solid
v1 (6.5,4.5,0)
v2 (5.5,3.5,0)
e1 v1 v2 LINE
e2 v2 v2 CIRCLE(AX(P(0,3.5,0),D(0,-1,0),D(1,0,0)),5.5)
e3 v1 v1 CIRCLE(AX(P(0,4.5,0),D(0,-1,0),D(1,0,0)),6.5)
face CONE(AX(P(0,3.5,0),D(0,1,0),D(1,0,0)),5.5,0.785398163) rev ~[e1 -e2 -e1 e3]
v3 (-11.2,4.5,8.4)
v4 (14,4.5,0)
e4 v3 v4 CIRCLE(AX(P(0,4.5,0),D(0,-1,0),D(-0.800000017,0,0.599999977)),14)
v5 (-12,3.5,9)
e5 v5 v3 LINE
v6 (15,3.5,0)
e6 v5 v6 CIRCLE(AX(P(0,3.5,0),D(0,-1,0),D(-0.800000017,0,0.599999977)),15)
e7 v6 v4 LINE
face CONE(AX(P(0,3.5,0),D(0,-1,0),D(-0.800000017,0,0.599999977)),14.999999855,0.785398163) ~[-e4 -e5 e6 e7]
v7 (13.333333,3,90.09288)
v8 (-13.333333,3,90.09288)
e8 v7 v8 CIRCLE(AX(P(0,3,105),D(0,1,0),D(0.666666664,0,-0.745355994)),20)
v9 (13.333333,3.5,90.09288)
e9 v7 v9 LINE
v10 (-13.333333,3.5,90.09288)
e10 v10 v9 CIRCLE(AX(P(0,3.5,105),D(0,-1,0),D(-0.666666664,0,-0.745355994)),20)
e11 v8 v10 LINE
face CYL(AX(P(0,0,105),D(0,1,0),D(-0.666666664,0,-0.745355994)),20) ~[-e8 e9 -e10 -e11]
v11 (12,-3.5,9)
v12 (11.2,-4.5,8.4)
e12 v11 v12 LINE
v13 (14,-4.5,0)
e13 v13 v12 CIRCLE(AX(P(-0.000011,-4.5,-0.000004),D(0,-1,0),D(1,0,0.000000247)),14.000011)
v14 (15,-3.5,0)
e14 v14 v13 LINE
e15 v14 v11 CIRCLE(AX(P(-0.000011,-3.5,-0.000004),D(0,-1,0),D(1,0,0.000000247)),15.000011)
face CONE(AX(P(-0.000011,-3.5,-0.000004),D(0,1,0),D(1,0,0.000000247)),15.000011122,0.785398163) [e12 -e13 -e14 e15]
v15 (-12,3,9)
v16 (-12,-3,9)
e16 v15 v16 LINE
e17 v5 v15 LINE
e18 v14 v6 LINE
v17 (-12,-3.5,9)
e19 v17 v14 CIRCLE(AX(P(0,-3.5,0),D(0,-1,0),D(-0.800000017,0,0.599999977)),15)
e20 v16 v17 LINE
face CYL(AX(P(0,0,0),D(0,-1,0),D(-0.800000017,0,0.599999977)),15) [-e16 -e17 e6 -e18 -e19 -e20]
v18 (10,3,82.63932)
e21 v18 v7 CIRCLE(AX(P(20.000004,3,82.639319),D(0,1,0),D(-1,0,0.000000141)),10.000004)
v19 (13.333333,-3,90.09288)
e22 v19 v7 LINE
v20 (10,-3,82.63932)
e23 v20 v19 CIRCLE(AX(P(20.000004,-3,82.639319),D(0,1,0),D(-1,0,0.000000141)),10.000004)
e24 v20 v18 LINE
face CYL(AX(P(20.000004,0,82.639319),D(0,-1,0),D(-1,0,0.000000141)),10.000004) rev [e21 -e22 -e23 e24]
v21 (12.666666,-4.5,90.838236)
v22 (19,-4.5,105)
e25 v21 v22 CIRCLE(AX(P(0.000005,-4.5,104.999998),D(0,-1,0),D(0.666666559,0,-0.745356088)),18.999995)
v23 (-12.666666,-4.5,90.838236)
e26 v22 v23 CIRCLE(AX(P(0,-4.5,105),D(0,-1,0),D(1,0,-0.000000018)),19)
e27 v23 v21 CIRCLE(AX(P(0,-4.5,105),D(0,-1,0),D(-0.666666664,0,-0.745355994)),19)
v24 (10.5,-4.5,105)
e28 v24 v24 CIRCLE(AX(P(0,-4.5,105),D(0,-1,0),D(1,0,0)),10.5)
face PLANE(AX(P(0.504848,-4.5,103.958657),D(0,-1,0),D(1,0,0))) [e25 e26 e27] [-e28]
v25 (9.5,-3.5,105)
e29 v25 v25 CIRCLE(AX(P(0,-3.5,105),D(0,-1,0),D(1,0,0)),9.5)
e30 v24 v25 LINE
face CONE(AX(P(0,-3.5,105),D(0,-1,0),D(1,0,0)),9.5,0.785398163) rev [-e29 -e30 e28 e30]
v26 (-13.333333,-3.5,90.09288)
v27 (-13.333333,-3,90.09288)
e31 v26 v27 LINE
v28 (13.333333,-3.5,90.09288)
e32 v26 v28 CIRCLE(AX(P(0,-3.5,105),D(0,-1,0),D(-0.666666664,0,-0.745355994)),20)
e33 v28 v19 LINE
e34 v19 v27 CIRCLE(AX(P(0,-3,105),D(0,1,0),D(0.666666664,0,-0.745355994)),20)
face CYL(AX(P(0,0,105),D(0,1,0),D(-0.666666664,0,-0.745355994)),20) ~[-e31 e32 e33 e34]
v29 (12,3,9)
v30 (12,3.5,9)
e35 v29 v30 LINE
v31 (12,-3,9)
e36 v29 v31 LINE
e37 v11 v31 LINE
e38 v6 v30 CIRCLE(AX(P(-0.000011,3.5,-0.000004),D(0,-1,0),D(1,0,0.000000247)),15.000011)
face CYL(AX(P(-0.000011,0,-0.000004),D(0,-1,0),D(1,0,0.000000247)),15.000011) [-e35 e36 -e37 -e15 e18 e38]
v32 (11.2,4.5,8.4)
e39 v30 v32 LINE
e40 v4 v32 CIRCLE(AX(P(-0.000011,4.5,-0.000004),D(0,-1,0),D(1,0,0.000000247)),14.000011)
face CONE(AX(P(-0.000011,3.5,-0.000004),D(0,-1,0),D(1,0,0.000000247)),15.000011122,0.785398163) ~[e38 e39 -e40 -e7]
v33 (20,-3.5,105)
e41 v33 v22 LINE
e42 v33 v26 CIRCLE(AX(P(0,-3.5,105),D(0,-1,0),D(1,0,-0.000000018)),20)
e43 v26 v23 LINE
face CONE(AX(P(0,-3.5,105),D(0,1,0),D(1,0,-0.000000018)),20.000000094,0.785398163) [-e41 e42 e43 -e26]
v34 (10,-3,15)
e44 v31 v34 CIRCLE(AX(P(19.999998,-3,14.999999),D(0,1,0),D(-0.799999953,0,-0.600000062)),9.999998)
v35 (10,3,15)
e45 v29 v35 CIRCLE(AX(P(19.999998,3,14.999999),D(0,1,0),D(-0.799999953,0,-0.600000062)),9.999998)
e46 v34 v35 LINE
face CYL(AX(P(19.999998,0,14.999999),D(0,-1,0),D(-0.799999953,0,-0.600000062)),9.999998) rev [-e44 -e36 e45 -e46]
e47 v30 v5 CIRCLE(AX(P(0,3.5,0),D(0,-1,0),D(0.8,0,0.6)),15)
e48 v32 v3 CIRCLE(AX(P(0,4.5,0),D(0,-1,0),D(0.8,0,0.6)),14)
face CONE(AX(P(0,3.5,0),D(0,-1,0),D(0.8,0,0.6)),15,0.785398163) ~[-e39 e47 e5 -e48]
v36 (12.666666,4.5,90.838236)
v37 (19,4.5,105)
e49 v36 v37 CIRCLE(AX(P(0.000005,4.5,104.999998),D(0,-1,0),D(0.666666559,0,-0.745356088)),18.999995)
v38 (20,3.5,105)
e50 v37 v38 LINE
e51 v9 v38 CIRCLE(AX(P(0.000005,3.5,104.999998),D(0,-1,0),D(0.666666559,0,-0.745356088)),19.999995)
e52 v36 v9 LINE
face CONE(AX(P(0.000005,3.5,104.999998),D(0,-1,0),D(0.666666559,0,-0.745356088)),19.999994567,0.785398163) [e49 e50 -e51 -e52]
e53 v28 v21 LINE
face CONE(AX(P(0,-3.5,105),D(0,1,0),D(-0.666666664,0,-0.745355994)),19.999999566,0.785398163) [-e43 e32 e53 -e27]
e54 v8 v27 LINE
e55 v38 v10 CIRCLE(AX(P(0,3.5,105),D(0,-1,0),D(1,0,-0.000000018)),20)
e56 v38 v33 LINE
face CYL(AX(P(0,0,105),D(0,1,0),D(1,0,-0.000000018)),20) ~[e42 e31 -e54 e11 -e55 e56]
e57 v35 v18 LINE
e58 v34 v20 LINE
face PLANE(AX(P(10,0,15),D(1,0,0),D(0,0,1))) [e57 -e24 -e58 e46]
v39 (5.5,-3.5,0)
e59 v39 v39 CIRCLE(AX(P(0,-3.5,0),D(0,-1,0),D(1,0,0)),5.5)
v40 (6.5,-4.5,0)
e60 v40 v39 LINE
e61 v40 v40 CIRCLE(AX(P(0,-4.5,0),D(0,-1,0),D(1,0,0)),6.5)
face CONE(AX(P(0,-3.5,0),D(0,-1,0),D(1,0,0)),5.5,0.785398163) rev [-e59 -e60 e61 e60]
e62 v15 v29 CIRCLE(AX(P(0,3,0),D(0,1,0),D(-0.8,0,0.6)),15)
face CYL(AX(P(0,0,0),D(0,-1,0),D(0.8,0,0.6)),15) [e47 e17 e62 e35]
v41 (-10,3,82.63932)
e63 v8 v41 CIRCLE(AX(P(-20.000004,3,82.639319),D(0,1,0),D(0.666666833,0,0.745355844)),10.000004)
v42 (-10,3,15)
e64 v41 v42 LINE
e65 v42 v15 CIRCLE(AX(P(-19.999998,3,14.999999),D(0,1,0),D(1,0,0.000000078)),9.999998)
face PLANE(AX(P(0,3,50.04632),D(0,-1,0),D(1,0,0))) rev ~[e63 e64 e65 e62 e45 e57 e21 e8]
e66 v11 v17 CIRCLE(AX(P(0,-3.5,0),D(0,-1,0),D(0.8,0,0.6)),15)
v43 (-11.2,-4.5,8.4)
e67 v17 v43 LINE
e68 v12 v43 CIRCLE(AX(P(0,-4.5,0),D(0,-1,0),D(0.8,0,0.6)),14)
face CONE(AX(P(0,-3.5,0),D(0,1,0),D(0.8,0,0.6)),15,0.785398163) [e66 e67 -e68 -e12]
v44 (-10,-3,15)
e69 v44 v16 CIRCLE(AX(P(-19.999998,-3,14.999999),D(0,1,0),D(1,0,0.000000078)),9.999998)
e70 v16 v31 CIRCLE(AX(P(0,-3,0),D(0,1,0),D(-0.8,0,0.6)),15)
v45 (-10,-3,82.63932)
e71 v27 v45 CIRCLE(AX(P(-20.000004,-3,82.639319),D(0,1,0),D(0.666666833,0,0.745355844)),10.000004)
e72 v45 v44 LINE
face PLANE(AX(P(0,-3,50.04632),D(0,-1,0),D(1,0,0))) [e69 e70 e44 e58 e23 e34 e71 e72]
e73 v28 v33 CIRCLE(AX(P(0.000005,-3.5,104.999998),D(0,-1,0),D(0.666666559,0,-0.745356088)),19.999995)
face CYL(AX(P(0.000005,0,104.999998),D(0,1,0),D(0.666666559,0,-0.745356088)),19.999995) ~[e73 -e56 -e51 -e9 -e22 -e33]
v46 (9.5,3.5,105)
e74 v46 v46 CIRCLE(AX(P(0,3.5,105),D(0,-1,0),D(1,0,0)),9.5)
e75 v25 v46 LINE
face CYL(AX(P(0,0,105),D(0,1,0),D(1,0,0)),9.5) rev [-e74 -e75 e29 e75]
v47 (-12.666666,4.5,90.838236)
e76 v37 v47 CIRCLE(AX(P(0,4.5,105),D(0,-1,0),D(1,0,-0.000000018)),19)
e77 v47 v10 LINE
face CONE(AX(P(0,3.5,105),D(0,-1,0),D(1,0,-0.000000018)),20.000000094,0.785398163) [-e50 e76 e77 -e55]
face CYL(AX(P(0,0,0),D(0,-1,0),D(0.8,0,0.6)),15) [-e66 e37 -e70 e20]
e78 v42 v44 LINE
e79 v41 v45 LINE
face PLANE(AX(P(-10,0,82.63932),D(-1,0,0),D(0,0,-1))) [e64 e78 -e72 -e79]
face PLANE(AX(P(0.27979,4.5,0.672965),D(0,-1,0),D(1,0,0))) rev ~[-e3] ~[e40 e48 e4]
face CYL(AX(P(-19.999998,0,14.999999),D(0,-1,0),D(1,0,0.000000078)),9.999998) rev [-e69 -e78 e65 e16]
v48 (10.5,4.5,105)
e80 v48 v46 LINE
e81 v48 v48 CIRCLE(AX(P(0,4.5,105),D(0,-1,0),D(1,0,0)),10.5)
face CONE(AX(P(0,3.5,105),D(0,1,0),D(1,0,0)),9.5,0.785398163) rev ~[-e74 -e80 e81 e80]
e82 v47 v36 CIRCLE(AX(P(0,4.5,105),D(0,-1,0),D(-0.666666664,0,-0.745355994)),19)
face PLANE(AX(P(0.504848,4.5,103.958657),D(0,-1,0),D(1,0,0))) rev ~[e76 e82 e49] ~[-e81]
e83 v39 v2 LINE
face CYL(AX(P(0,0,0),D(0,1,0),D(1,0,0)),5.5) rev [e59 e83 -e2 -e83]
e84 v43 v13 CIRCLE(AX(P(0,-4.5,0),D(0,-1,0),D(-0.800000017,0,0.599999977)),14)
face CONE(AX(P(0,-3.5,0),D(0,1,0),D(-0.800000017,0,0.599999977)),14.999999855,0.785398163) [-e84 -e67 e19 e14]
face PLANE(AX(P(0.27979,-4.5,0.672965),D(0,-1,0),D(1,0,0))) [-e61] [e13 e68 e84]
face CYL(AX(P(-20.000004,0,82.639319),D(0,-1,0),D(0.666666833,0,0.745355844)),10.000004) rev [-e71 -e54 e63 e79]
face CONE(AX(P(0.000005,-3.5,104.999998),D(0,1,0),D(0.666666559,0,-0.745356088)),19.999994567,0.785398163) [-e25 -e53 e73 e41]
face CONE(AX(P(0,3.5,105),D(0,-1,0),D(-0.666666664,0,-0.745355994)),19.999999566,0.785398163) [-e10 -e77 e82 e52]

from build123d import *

# Parameters (mm, degrees)
F1_DEPTH = 3
F0_R     = 9.5
F0_R_2   = 5.5
F2_DEPTH = 4.5
F3_SIZE  = 1


with BuildPart() as f1:
    # F0 (on Front) → F1 (new body, symmetric)
    with BuildSketch(Plane.XZ):
        with BuildLine():
            ThreePointArc((13.333333, 90.09288), (0, 85), (-13.333333, 90.09288))
            ThreePointArc((-13.333333, 90.09288), (-10.871291, 86.721803), (-10, 82.63932))
            Line((-10, 82.63932), (-10, 15))
            ThreePointArc((-10, 15), (-10.513167, 11.837722), (-12, 9))
            ThreePointArc((-12, 9), (0, 15), (12, 9))
            ThreePointArc((12, 9), (10.513167, 11.837722), (10, 15))
            Line((10, 15), (10, 82.63932))
            ThreePointArc((10, 82.63932), (10.871291, 86.721803), (13.333333, 90.09288))
        make_face()
    extrude(amount=F1_DEPTH, both=True)

    # F0 (on Front) → F2 (join, symmetric)
    with BuildSketch(Plane.XZ):
        with BuildLine():
            ThreePointArc((13.333333, 90.09288), (18.257419, 96.835034), (20, 105))
            ThreePointArc((20, 105), (-8.164966, 123.257419), (-13.333333, 90.09288))
            ThreePointArc((-13.333333, 90.09288), (0, 85), (13.333333, 90.09288))
        make_face()
        with Locations((0, 105)):
            Circle(F0_R, mode=Mode.SUBTRACT)
        with BuildLine():
            ThreePointArc((12, 9), (0, 15), (-12, 9))
            ThreePointArc((-12, 9), (-4.743416, -14.230249), (15, 0))
            ThreePointArc((15, 0), (14.230249, 4.743416), (12, 9))
        make_face()
        Circle(F0_R_2, mode=Mode.SUBTRACT)
    extrude(amount=F2_DEPTH, both=True)

    # F3
    f3_edges = [f1.edges().sort_by_distance(p)[0] for p in [
        (18.257419, -4.5, 96.835034),
        (-8.164966, -4.5, 123.257419),
        (0, -4.5, 85),
        (-9.5, -4.5, 105),
        (14.230249, -4.5, 4.743416),
        (0, -4.5, 15),
        (-4.743416, -4.5, -14.230249),
        (-5.5, -4.5, 0),
        (-4.743416, 4.5, -14.230249),
        (-5.5, 4.5, 0),
        (18.257419, 4.5, 96.835034),
        (-8.164966, 4.5, 123.257419),
        (0, 4.5, 85),
        (-9.5, 4.5, 105),
    ]]
    chamfer(f3_edges, length=F3_SIZE)


solid = f1.part
